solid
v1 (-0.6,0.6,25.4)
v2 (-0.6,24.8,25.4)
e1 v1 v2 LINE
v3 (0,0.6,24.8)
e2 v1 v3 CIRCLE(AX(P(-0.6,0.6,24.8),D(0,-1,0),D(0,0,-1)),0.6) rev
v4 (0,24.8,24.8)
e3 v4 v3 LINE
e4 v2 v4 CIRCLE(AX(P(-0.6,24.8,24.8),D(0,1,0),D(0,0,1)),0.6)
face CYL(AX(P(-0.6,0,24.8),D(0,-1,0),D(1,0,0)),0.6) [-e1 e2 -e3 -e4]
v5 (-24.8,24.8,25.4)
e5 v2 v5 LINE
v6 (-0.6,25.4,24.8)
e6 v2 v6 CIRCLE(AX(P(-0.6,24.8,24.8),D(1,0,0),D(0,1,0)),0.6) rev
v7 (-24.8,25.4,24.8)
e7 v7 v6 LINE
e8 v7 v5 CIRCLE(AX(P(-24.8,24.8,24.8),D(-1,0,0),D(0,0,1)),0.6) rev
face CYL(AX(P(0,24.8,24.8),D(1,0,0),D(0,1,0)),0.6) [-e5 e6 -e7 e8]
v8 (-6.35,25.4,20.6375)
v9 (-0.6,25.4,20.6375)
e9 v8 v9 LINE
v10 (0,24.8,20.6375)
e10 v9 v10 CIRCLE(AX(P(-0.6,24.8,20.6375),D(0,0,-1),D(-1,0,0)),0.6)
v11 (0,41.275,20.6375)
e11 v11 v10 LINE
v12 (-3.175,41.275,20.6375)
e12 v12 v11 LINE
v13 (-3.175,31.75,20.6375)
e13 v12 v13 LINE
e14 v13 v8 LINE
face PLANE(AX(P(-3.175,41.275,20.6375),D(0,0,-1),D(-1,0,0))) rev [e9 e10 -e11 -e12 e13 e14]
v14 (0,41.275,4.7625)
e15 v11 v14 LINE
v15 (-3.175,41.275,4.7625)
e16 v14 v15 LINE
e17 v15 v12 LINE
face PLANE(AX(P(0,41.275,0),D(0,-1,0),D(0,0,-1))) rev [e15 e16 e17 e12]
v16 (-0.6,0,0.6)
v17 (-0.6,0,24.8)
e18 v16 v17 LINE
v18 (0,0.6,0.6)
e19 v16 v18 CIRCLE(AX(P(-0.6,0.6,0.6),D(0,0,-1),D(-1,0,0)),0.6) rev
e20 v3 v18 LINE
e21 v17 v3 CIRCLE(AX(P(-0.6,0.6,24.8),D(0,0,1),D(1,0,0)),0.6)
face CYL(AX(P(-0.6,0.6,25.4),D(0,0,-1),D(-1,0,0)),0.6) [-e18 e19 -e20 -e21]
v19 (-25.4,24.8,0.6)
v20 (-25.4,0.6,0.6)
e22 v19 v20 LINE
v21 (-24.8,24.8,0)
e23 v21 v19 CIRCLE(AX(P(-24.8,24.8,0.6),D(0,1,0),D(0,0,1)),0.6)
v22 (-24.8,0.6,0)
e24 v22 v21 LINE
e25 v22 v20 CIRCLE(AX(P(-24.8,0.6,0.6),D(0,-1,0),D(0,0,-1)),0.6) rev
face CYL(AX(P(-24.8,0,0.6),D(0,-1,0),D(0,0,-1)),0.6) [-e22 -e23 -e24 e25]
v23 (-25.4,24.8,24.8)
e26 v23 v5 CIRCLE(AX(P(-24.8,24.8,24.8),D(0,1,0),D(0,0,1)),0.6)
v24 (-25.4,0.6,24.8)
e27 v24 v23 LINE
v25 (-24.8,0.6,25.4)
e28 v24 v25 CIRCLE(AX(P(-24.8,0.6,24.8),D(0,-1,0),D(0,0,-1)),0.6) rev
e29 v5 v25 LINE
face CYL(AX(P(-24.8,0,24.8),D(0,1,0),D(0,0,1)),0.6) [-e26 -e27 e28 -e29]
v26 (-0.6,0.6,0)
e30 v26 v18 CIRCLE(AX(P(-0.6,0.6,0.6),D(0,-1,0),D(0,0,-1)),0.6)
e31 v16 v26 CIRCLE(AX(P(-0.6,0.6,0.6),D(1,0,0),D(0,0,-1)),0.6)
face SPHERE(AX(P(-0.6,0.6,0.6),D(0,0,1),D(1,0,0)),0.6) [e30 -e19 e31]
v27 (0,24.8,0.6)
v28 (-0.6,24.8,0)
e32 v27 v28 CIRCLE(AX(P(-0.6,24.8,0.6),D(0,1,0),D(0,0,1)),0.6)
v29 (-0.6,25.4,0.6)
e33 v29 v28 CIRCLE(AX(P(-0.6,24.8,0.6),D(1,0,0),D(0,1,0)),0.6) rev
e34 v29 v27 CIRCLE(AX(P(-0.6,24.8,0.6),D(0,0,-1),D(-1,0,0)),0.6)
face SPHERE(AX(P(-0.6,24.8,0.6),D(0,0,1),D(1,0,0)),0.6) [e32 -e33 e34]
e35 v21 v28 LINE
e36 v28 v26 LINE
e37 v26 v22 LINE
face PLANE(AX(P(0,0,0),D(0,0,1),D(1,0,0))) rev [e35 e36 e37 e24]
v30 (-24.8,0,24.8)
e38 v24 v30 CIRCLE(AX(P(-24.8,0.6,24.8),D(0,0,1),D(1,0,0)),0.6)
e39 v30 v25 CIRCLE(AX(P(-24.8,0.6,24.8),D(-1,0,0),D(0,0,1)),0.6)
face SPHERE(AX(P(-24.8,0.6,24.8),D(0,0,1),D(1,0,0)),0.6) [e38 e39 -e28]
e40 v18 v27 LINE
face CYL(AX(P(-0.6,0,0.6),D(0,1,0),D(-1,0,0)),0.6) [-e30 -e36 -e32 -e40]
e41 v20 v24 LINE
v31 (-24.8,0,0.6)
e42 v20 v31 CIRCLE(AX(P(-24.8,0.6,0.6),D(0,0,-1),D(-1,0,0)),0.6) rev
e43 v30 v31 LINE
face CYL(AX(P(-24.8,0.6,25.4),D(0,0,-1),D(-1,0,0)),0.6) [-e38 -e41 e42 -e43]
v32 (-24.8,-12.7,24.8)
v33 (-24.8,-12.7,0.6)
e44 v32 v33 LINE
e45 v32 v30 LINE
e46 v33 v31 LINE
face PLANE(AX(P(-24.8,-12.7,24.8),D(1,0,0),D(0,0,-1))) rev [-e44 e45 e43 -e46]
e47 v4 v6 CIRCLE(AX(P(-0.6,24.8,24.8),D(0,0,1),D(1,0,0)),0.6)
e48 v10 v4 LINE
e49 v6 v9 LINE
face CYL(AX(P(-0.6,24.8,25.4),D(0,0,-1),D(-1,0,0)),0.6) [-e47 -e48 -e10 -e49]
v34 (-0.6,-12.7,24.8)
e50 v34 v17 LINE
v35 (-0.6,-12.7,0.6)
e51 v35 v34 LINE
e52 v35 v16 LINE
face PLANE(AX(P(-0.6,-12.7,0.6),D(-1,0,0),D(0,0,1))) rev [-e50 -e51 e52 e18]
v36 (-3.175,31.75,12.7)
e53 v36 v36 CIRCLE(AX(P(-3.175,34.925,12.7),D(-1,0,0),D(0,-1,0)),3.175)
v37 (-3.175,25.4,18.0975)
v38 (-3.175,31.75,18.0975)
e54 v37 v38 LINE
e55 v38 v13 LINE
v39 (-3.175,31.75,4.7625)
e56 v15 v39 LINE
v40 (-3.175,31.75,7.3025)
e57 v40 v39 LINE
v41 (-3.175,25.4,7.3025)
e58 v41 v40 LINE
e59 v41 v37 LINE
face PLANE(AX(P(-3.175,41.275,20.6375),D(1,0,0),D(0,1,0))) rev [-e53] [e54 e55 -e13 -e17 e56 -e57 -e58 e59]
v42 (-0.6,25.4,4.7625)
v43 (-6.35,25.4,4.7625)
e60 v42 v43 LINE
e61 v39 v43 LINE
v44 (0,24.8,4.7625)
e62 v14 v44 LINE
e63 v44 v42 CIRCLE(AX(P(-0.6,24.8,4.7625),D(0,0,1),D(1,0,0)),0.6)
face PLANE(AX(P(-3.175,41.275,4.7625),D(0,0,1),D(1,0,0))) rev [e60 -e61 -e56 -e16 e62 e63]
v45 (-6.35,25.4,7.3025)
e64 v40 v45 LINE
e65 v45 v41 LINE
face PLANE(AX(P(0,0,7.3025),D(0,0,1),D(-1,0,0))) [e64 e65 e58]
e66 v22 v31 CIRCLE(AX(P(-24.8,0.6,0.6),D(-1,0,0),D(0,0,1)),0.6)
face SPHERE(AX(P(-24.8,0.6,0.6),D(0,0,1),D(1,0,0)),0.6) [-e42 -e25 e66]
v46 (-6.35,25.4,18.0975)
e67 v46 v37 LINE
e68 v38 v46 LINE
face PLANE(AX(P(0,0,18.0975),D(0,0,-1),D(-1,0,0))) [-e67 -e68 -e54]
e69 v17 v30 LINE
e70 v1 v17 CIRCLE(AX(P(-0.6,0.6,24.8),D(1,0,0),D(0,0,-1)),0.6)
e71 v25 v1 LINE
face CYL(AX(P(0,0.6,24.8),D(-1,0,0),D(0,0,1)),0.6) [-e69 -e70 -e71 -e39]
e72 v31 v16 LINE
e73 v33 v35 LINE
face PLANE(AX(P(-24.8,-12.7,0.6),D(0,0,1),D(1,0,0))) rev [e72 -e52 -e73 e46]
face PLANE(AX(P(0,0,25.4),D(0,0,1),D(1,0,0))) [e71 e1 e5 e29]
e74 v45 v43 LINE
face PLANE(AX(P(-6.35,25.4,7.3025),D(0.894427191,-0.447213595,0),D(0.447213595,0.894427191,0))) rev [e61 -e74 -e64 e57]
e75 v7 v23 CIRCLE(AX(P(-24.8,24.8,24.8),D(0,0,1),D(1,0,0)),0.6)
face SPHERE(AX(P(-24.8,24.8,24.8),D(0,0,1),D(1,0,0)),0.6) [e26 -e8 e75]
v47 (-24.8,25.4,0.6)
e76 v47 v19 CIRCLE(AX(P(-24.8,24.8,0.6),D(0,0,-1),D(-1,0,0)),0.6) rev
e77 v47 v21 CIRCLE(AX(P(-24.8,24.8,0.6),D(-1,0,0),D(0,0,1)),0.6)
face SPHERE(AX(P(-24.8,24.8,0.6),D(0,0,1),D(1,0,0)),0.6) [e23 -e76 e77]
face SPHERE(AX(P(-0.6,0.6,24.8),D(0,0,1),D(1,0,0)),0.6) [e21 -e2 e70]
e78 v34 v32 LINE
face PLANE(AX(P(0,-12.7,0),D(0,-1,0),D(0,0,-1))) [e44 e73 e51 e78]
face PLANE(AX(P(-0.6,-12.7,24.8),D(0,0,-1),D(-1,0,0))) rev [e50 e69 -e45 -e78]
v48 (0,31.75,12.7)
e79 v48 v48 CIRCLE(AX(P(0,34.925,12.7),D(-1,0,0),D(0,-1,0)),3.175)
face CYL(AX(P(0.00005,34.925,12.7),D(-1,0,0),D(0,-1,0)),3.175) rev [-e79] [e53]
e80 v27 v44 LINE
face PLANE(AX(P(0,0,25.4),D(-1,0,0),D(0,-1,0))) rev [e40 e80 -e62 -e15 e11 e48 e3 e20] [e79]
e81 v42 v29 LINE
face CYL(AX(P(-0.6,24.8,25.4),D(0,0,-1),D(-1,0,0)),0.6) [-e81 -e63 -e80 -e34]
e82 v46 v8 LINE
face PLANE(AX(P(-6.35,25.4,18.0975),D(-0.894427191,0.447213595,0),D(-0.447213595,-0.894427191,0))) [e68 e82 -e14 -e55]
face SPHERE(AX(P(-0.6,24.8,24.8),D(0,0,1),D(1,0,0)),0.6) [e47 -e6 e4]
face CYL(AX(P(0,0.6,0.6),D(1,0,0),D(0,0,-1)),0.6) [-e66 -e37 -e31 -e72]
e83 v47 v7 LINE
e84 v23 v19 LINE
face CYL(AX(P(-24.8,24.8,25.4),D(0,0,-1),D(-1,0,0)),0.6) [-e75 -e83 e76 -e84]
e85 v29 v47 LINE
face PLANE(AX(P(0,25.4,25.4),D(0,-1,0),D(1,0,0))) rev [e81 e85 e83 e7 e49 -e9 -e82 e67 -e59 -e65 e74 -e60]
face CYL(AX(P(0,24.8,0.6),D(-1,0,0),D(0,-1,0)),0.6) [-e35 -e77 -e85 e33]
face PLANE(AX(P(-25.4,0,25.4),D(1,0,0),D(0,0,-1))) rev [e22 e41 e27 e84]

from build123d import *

# Parameters (mm, degrees)
SKETCH1_W           = 25.4
SKETCH1_H           = 25.4
BOSS_EXTRUDE1_DEPTH = 25.4
SKETCH2_W           = 3.175
SKETCH2_H           = 15.875
BOSS_EXTRUDE2_DEPTH = 15.875
BOSS_EXTRUDE3_DEPTH = 2.54
SKETCH8_R           = 3.175
CUT_EXTRUDE1_DEPTH  = 54.317316605
FILLET1_R           = 0.6
SKETCH9_W           = 24.2
SKETCH9_H           = 24.2
BOSS_EXTRUDE4_DEPTH = 12.7


with BuildPart() as part:
    # Sketch1 → Boss-Extrude1 (new body)
    with BuildSketch(Plane.XY):
        with Locations((-12.7, 12.7)):
            Rectangle(SKETCH1_W, SKETCH1_H)
    extrude(amount=BOSS_EXTRUDE1_DEPTH)

    # Sketch2 → Boss-Extrude2 (add)
    with BuildSketch(Plane(origin=(0, 25.4, 0), x_dir=(1, 0, 0), z_dir=(0, 1, 0))):
        with Locations((-1.5875, -12.7)):
            Rectangle(SKETCH2_W, SKETCH2_H)
    extrude(amount=BOSS_EXTRUDE2_DEPTH)

    # Sketch6 → Boss-Extrude3 (add)
    with BuildSketch(Plane.XY.offset(20.6375)):
        Polygon((-3.175, 25.4), (-6.35, 25.4), (-3.175, 31.75), align=None)
    boss_extrude3 = extrude(amount=-BOSS_EXTRUDE3_DEPTH)

    # Mirror1: Boss-Extrude3 across plane
    add(boss_extrude3.mirror(Plane.XY.offset(12.7)))

    # Sketch8 → Cut-Extrude1 (cut, through all)
    with BuildSketch(Plane.ZY.offset(3.175)):
        with Locations(Location((12.7, 34.925, 0), (0, 0, 270))):
            Circle(SKETCH8_R)
    extrude(amount=-CUT_EXTRUDE1_DEPTH, mode=Mode.SUBTRACT)

    # Fillet1
    fillet1_edges = [part.edges().sort_by_distance(p)[0] for p in [
        (-12.7, 25.4, 25.4),
        (0, 12.7, 25.4),
        (-25.4, 25.4, 12.7),
        (-25.4, 12.7, 25.4),
        (-12.7, 25.4, 0),
        (-25.4, 12.7, 0),
        (0, 12.7, 0),
        (-25.4, 0, 12.7),
        (-12.7, 0, 25.4),
        (0, 0, 12.7),
        (-12.7, 0, 0),
        (0, 25.4, 23.01875),
        (0, 25.4, 2.38125),
    ]]
    fillet(fillet1_edges, radius=FILLET1_R)

    # Sketch9 → Boss-Extrude4 (add)
    with BuildSketch(Plane(origin=(0, 0, 0), x_dir=(-1, 0, 0), z_dir=(0, -1, 0))):
        with Locations((12.7, -12.7)):
            Rectangle(SKETCH9_W, SKETCH9_H)
    extrude(amount=BOSS_EXTRUDE4_DEPTH)


solid = part.part
